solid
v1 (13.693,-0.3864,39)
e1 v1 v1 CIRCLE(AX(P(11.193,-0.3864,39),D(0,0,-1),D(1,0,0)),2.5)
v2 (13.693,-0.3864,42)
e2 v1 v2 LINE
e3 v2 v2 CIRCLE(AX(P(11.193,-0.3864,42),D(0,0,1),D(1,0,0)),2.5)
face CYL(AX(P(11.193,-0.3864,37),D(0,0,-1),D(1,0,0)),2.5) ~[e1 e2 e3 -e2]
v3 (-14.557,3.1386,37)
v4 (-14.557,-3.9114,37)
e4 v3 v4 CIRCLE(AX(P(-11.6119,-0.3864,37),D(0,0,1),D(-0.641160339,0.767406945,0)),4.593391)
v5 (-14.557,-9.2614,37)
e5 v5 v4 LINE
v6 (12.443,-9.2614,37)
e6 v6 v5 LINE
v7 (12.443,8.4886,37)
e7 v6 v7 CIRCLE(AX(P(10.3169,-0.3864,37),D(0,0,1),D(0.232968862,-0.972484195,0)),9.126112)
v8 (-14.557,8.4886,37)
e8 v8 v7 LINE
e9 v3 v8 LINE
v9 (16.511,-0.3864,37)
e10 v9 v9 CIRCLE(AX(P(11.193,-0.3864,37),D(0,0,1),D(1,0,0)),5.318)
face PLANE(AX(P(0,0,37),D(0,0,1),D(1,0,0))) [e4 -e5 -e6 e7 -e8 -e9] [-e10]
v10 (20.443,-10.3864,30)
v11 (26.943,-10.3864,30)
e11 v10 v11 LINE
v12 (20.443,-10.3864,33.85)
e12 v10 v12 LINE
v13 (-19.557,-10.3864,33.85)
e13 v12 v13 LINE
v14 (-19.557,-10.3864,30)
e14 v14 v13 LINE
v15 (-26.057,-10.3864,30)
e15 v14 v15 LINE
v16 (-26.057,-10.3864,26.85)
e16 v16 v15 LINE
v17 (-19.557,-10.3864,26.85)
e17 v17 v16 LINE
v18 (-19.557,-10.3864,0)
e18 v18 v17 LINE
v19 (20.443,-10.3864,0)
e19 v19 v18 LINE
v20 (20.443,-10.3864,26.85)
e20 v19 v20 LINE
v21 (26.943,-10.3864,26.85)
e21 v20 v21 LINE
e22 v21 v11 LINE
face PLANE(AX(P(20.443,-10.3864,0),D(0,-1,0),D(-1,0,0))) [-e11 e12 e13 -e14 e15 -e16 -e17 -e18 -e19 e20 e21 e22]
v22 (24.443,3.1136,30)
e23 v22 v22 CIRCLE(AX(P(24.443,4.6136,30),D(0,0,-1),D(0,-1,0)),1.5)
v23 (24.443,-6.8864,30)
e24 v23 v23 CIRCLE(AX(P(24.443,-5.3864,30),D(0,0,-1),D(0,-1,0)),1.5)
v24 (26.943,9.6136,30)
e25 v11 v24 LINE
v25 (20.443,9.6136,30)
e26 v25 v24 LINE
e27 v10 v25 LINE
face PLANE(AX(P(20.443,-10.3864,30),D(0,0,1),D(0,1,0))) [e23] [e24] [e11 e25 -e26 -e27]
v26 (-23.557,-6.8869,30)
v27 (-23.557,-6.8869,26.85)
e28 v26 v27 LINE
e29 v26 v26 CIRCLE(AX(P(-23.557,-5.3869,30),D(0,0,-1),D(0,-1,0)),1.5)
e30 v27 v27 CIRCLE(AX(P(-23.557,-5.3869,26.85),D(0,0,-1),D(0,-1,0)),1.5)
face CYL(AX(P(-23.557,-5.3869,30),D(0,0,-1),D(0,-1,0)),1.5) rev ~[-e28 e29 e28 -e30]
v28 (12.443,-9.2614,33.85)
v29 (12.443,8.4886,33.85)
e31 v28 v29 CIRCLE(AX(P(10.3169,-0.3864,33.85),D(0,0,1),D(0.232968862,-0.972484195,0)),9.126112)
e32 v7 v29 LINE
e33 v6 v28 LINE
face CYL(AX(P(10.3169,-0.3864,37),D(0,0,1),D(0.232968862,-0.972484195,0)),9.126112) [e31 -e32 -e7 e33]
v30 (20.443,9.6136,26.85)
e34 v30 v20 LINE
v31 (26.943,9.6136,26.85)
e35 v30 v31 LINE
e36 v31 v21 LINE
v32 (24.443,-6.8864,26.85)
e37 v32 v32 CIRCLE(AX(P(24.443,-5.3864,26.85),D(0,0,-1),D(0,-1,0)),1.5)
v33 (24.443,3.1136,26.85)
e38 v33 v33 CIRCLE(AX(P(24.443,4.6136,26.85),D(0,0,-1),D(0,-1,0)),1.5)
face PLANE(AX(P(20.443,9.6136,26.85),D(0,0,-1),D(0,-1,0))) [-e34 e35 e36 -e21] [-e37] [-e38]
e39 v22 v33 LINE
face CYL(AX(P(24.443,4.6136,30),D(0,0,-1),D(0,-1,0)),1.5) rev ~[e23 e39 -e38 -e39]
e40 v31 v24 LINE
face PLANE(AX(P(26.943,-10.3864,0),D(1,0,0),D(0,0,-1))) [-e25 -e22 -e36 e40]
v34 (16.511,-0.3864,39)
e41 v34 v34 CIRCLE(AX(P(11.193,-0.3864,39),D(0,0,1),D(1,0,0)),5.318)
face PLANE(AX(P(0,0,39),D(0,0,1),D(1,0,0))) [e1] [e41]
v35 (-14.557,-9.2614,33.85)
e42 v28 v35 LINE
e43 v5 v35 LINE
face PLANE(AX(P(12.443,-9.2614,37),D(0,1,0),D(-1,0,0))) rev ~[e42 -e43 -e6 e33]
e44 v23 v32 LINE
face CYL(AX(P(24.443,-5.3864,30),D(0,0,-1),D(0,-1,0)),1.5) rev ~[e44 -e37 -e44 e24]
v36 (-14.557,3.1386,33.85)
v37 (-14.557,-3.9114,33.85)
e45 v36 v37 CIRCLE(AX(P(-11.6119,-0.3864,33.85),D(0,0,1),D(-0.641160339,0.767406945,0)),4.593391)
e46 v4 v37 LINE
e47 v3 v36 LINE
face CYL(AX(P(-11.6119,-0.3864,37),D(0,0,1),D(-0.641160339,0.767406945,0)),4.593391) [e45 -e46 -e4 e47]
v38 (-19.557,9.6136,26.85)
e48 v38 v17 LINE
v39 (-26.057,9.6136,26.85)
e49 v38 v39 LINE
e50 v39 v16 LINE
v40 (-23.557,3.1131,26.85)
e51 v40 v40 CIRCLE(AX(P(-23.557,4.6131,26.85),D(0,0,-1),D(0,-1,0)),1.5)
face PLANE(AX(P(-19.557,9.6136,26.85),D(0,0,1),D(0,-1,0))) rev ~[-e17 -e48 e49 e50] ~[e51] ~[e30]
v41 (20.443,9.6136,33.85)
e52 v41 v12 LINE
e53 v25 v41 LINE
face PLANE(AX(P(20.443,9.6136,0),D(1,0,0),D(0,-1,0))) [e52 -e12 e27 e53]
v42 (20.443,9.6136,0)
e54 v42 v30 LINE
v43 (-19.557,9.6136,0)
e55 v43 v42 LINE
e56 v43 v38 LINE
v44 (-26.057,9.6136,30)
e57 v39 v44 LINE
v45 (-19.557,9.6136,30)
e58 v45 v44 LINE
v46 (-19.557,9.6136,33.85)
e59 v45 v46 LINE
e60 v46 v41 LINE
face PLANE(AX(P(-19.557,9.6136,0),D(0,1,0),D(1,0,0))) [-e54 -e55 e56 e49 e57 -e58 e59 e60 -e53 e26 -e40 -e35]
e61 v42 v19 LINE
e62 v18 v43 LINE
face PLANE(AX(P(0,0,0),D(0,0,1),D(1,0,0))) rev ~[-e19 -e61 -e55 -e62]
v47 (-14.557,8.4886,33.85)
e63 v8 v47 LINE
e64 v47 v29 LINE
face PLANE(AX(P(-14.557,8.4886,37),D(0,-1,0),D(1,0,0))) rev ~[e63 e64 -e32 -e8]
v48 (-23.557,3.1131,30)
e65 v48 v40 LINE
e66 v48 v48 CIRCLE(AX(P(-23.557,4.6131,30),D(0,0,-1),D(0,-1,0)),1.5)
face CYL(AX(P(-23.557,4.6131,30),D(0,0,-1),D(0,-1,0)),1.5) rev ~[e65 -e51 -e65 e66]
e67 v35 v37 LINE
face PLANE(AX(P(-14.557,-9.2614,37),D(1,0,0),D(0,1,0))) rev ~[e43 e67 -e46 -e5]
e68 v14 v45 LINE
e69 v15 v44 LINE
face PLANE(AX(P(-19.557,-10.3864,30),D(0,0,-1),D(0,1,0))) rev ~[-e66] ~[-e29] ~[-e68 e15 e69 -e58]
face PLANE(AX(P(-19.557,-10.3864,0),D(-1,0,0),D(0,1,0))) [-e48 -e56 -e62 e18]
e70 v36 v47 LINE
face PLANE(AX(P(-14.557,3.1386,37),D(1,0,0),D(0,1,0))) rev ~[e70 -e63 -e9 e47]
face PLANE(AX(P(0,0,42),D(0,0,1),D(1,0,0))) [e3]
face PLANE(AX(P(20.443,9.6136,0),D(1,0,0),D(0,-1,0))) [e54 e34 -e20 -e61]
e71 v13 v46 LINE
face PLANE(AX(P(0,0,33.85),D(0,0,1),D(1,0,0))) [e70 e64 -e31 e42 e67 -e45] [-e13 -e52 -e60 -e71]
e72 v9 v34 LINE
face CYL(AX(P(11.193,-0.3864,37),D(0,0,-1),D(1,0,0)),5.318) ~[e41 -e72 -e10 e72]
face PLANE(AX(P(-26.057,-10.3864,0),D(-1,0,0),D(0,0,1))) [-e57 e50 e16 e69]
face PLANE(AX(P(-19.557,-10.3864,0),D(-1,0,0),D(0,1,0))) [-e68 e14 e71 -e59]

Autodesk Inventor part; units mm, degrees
ref_plane "YZ Plane" through (0, 0, 0) normal (1, 0, 0) x (0, 1, 0)
ref_plane "XZ Plane" through (0, 0, 0) normal (0, 1, 0) x (-1, 0, 0)
ref_plane "XY Plane" through (0, 0, 0) normal (0, 0, 1) x (1, 0, 0)
sketch "Sketch1" plane through (0, 0, 0) normal (0, 0, 1) x (1, 0, 0)
  line L0 (-19.557, 9.6136) -> (20.443, 9.6136)
  line L1 (20.443, 9.6136) -> (20.443, -10.3864)
  line L2 (20.443, -10.3864) -> (-19.557, -10.3864)
  line L3 (-19.557, -10.3864) -> (-19.557, 9.6136)
  point P0 (0, 0)
  dimension "d0" = 40
  dimension "d1" = 20
extrude "Extrusion1" add sketch "Sketch1" along normal blind 37
sketch "Sketch2" plane through (0, 0, 37) normal (0, 0, 1) x (1, 0, 0)
  line L0 (20.443, 9.6136) -> (20.443, -10.3864) projected
  line L1 (-19.557, 9.6136) -> (20.443, 9.6136) projected
  line L2 (-19.557, -10.3864) -> (-19.557, 9.6136) projected
  line L3 (20.443, -10.3864) -> (-19.557, -10.3864) projected
  line L4 (-14.557, 8.4886) -> (12.443, 8.4886)
  line L5 (12.443, -9.2614) -> (-14.557, -9.2614)
  line L6 (-14.557, -9.2614) -> (-14.557, 8.4886)
  arc A0 (12.443, -9.2614) -> (12.443, 8.4886) centre (10.3169, -0.3864) ccw
  arc A1 (-14.557, 3.1386) -> (-14.557, -3.9114) centre (-11.6119, -0.3864) ccw
  point P0 (0, 0)
  dimension "d6" = 5
  dimension "d8" = 27
  dimension "d9" = 27
  dimension "d10" = 5.35
  dimension "d11" = 5.35
extrude "Extrusion2" cut sketch "Sketch2" against normal blind 3.15
sketch "Sketch3" plane through (20.443, -10.3864, 0) normal (1, 0, 0) x (0, 0, -1)
  line L0 (-33.85, 20) -> (-33.85, 0) projected
  line L1 (0, 0) -> (-33.85, 0) projected
  line L2 (0, 20) -> (0, 0) projected
  line L3 (0, 20) -> (-33.85, 20) projected
  point P0 (0, 10.3864)
sketch "Sketch4" plane through (20.443, -10.3864, 0) normal (1, 0, 0) x (0, 0, -1)
  line L0 (-33.85, 20) -> (-33.85, 0) projected
  line L1 (0, 0) -> (-33.85, 0) projected
  line L2 (0, 20) -> (-33.85, 20) projected
  line L3 (-30, 20) -> (-26.85, 20)
  line L4 (-26.85, 20) -> (-26.85, 0)
  line L5 (-26.85, 0) -> (-30, 0)
  line L6 (-30, 0) -> (-30, 20)
  line L7 (-33.85, 0) -> (-33.85, 20) projected
  line L8 (0, 20) -> (-33.85, 20) projected
  line L9 (0, 0) -> (0, 20) projected
  line L10 (0, 0) -> (-33.85, 0) projected
  point P0 (0, 10.3864)
  dimension "d14" = 7
  dimension "d15" = 3.15
extrude "Extrusion3" add sketch "Sketch4" along normal blind 6.5 contours L2 L4 L1 L6
sketch "Sketch5" plane through (-19.557, -10.3864, 0) normal (-1, 0, 0) x (0, 0, 1)
  line L0 (33.85, 0) -> (33.85, 20) projected
  line L1 (0, 20) -> (33.85, 20) projected
  line L2 (0, 0) -> (33.85, 0) projected
  line L3 (26.85, 0) -> (30, 0)
  line L4 (30, 0) -> (30, 20)
  line L5 (30, 20) -> (26.85, 20)
  line L6 (26.85, 20) -> (26.85, 0)
  point P0 (0, 10.3864)
  dimension "d18" = 7
  dimension "d19" = 3.15
extrude "Extrusion4" add sketch "Sketch5" along normal blind 6.5 contours L2 L6 L1 L4
sketch "Sketch6" plane through (0, 0, 37) normal (0, 0, 1) x (1, 0, 0)
  circle A0 centre (11.193, -0.3864) radius 5.318
  line L0 (20.443, 9.6136) -> (20.443, -10.3864) projected
  circle A1 centre (11.193, -0.3864) radius 2.5
  point P0 (0, 0)
  dimension "d22" = 9.25
  dimension "d42" = 10.6361
  dimension "d75" = 5
sketch "Sketch7" plane through (20.443, -10.3864, 30) normal (0, 0, 1) x (1, 0, 0)
  line L0 (6.5, 0) -> (6.5, 20) projected
  line L1 (0, 20) -> (6.5, 20) projected
  circle A0 centre (4, 5) radius 2.5
  circle A1 centre (4, 15) radius 2.5
  line L2 (0, 0) -> (0, 20) projected
  point P0 (-20.443, 10.3864)
  point P1 (5.6248, 3.1)
  point P2 (6.5, 3.3)
  point P3 (6.0702, 6.4015)
  point P4 (6.5, 6.3)
  point P5 (6, 13.5)
  point P6 (6.5, 13.7)
  point P7 (6, 16.5)
  point P8 (6.5, 16.7)
  dimension "d25" = 5
  dimension "d26" = 5
  dimension "d79" = 10
  dimension "d80" = 5
  dimension "d81" = 4
  dimension "d82" = 4
sketch "Sketch8" plane through (-19.557, -10.3864, 30) normal (0, 0, 1) x (1, 0, 0)
  line L0 (-7.5004, 19.9995) -> (-7.5004, -0.0005)
  line L1 (-0.5, -0.0005) -> (-7.5004, -0.0005)
  line L2 (-0.4577, 19.9995) -> (-7.5004, 19.9995)
  circle A0 centre (-4, 14.9995) radius 2.5
  circle A1 centre (-4, 4.9995) radius 2.5
  line L3 (0, 20) -> (0, 0) projected
  point P0 (19.557, 10.3864)
  point P1 (-20.443, 10.3864)
  point P2 (-6, 16.4995)
  point P3 (-7.5004, 16.6995)
  point P4 (-6, 13.4995)
  point P5 (-7.5004, 13.6995)
  point P6 (-6, 6.4995)
  point P7 (-7.5004, 6.2995)
  point P8 (-6, 3.4995)
  point P9 (-7.5004, 3.2995)
  dimension "d35" = 5
  dimension "d36" = 5
  dimension "d37" = 5
  dimension "d38" = 5
  dimension "d83" = 10
  dimension "d84" = 4
  dimension "d85" = 4
extrude "Extrusion7" add sketch "Sketch6" along normal blind 2 contours A0 | A1
hole "Hole1" at (24.443, 4.6136, 30) at (24.443, -5.3864, 30) direction (0, 0, -1) diameter 3 end through all
hole "Hole2" at (-23.557, 4.6131, 30) at (-23.557, -5.3869, 30) direction (0, 0, -1) diameter 3 end through all
extrude "Extrusion14" add sketch "Sketch6" along normal blind 5 contours A1
properties part number "servo HS-7955GT"
